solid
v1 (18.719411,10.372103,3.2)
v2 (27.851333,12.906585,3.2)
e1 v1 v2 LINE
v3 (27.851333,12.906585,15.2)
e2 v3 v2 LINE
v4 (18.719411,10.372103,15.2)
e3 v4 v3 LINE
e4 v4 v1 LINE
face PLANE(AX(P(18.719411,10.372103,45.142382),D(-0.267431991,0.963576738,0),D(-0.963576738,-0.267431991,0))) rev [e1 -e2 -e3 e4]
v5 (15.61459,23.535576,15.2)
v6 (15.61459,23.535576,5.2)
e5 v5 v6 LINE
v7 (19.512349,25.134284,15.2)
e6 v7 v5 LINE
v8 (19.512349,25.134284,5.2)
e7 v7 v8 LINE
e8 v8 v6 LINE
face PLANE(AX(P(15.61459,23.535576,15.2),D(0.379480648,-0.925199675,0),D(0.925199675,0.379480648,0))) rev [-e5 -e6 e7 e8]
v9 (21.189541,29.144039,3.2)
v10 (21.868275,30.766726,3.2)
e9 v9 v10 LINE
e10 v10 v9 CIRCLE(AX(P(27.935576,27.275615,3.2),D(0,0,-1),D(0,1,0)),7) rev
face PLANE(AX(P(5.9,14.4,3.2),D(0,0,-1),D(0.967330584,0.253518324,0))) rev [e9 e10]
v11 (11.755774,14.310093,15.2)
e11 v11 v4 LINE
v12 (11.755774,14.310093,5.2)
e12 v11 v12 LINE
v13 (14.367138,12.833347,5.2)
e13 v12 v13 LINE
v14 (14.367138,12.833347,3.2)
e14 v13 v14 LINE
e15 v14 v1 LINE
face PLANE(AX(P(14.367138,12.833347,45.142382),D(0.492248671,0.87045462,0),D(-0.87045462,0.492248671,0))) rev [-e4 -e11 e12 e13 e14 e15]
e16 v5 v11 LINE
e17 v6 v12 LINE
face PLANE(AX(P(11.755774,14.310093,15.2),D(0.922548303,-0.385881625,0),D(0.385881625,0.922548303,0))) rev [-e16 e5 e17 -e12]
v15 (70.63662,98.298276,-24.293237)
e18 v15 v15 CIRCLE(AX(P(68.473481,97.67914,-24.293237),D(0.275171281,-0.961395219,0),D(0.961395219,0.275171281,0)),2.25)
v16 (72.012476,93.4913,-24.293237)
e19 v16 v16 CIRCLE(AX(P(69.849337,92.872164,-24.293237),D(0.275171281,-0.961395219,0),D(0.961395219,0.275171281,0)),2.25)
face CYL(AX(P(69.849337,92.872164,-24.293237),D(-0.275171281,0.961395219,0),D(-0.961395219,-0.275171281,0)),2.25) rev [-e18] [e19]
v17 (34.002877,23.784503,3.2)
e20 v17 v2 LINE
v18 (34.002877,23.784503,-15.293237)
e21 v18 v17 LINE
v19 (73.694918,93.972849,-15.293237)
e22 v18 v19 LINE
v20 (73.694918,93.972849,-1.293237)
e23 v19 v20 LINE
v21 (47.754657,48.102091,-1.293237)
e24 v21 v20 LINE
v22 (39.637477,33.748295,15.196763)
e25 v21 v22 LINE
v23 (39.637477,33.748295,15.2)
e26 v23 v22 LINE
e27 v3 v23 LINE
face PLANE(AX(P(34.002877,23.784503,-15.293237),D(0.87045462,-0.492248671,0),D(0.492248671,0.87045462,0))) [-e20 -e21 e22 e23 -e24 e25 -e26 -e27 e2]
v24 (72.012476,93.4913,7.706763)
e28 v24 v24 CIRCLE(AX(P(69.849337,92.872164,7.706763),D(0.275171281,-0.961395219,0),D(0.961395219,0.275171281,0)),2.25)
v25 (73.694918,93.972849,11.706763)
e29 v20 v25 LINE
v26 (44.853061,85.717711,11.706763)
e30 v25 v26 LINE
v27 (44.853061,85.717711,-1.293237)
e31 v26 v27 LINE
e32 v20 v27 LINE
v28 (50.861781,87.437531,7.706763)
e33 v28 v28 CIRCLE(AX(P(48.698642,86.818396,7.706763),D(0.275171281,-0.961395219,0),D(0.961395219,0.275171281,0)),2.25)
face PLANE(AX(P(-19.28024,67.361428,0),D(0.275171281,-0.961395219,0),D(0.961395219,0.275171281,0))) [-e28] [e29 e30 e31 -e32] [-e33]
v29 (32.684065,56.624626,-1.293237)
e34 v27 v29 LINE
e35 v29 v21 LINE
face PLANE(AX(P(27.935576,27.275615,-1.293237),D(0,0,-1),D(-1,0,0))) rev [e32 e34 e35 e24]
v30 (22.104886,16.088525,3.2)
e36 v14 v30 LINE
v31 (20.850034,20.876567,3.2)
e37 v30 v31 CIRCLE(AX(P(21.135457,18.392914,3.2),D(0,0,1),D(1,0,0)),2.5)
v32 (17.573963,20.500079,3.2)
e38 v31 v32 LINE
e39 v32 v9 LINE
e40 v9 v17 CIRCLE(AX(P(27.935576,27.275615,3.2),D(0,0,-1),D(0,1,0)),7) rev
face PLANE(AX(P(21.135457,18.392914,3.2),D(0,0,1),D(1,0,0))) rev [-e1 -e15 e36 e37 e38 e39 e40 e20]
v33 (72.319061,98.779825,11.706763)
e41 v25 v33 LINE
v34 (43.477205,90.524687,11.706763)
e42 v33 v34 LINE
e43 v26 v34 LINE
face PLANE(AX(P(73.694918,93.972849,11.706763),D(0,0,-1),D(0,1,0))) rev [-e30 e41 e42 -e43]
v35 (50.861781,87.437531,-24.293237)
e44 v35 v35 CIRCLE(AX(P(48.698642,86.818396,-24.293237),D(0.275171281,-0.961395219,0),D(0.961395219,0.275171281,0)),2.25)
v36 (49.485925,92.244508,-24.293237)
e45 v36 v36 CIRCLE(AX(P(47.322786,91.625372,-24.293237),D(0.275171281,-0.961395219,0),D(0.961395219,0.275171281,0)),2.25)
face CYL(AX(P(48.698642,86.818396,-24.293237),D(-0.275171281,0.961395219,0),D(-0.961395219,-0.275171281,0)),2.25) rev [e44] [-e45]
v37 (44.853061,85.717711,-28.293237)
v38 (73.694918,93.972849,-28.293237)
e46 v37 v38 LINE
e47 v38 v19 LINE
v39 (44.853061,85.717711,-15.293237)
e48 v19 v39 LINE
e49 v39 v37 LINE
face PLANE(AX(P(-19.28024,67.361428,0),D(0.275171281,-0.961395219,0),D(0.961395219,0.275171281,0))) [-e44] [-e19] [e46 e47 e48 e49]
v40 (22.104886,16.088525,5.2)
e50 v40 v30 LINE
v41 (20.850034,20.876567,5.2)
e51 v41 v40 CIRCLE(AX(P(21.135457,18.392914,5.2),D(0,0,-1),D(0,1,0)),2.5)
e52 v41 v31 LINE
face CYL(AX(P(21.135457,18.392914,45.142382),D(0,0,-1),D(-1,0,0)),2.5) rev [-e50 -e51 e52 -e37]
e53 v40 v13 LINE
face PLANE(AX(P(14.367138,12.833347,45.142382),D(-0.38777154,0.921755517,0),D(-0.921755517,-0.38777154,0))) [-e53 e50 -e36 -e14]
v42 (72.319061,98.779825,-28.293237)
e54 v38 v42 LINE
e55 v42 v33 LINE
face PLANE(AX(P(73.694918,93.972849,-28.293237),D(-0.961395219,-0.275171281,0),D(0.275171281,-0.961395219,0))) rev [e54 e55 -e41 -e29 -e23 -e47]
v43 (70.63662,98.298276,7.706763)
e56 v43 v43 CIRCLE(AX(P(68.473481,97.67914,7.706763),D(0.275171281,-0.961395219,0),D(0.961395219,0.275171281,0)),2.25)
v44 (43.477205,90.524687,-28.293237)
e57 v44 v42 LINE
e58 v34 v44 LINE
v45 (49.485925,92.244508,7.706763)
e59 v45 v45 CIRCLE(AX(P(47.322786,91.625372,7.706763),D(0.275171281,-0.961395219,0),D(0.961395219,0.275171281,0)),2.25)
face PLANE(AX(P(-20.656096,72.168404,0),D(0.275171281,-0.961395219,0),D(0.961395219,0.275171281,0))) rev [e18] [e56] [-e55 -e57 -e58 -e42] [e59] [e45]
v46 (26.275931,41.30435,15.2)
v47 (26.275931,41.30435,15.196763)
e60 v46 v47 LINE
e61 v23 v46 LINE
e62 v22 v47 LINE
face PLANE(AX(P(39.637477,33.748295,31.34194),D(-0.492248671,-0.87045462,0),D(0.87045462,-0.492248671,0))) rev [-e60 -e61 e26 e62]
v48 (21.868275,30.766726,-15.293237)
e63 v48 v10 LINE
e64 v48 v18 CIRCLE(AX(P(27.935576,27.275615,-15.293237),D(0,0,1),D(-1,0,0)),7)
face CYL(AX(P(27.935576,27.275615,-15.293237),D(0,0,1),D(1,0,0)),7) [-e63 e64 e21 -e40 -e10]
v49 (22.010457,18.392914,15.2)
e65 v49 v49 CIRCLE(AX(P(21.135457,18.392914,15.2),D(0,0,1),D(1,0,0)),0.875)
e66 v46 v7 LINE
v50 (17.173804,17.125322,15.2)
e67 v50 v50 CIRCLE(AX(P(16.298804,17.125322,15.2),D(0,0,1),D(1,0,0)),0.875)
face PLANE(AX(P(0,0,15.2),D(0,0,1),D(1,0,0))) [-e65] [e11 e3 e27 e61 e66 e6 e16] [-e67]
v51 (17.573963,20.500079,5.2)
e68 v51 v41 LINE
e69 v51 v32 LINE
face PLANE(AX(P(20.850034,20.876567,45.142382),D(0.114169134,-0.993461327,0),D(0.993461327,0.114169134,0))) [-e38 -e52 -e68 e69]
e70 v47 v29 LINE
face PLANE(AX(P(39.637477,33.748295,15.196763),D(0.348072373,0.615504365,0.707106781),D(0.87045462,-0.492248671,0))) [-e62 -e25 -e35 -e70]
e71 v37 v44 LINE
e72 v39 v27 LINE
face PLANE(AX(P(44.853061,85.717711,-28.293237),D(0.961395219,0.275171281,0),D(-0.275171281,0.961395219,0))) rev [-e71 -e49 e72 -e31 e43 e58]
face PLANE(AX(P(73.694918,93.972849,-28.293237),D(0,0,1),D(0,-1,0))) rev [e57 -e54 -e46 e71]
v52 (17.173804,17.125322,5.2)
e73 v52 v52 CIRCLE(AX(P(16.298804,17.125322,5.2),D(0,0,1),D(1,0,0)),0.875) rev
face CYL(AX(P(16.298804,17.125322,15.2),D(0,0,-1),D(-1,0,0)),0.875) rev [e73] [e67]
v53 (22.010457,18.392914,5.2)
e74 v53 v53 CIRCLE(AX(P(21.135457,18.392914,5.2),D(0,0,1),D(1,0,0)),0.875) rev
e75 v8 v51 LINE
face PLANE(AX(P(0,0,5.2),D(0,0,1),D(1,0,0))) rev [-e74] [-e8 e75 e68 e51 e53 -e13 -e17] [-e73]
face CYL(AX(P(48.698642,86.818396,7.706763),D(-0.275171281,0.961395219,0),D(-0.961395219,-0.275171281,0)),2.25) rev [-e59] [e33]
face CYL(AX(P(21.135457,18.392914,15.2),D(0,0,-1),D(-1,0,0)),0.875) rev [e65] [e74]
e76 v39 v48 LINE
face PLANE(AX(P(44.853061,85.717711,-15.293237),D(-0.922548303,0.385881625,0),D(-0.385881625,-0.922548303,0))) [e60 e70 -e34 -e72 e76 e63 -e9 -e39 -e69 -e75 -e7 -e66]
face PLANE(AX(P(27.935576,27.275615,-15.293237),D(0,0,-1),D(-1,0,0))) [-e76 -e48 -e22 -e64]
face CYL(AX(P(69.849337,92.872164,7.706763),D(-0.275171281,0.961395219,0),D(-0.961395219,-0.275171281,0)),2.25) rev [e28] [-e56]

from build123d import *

# Parameters (mm, degrees)
SKETCH3_W                = 30
SKETCH3_H                = 39.99999999999999
SKETCH3_R                = 2.2500000000000107
BOSS_EXTRUDE1_DEPTH      = 5
BOSS_EXTRUDE2_DEPTH      = 7
BOSS_EXTRUDE2_DEPTH_BACK = 7
BOSS_EXTRUDE3_DEPTH      = 4.493237048
BOSS_EXTRUDE4_DEPTH      = 2
BOSS_EXTRUDE5_DEPTH      = 10
SKETCH8_R                = 0.874999999999402
SKETCH8_R_2              = 0.8749999999993996
CUT_EXTRUDE1_DEPTH       = 128.20148900625736
CHAMFER1_SIZE            = 16.49


with BuildPart() as part:
    # Sketch3 → Boss-Extrude1 (new body)
    with BuildSketch(Plane(origin=(-20.656096268089573, 72.16840410421906, 1.396e-13), x_dir=(0.9613952185534441, 0.2751712807372447, 0), z_dir=(0.2751712807372447, -0.9613952185534441, -1.905836610257915e-15))):
        with Locations((81.70857094012555, -8.293237047851846)):
            Rectangle(SKETCH3_W, SKETCH3_H)
        with Locations((92.70857094012555, 7.706762952148144)):
            Circle(SKETCH3_R, mode=Mode.SUBTRACT)
        with Locations((70.70857094012555, 7.706762952148144)):
            Circle(SKETCH3_R, mode=Mode.SUBTRACT)
        with Locations((92.70857094012555, -24.293237047851843)):
            Circle(SKETCH3_R, mode=Mode.SUBTRACT)
        with Locations((70.70857094012555, -24.293237047851843)):
            Circle(SKETCH3_R, mode=Mode.SUBTRACT)
    extrude(amount=BOSS_EXTRUDE1_DEPTH)

    # Sketch4 → Boss-Extrude2 (add, two sides: drawn at the far end of the back side and taken through both)
    with BuildSketch(Plane.XY.offset(-8.293237047851855).offset(-BOSS_EXTRUDE2_DEPTH_BACK)):
        with BuildLine():
            Line((73.69491783056992, 93.97284933531479), (44.8530612739666, 85.71771091319745))
            Line((44.8530612739666, 85.71771091319745), (21.868275221764016, 30.766725890030358))
            ThreePointArc((21.868275221764016, 30.766725890030358), (24.444464826602115, 21.20831351558636), (34.00287720104611, 23.78450312042446))
            Line((34.00287720104611, 23.78450312042446), (73.69491783056992, 93.97284933531479))
        make_face()
    extrude(amount=BOSS_EXTRUDE2_DEPTH + BOSS_EXTRUDE2_DEPTH_BACK)

    # Sketch5 → Boss-Extrude3 (add)
    with BuildSketch(Plane.XY.offset(-1.2932370478518544)):
        with BuildLine():
            Line((34.00287720104611, 23.78450312042448), (39.63747674144046, 33.74829477867678))
            Line((39.63747674144046, 33.74829477867678), (26.275931115955906, 41.30434988526449))
            Line((26.275931115955906, 41.30434988526449), (21.868275221764016, 30.766725890030376))
            ThreePointArc((21.868275221764016, 30.766725890030376), (24.444464826602115, 21.20831351558638), (34.00287720104611, 23.78450312042448))
        make_face()
    extrude(amount=BOSS_EXTRUDE3_DEPTH)

    # Sketch6 → Boss-Extrude4 (add)
    with BuildSketch(Plane.XY.offset(3.199999999999975)):
        with BuildLine():
            Line((14.367137951998398, 12.833346791724153), (22.10488555177782, 16.08852481695844))
            ThreePointArc((22.10488555177782, 16.08852481695844), (23.553783162359977, 19.026709419920138), (20.85003386751253, 20.876566927309664))
            Line((20.85003386751253, 20.876566927309664), (17.573963093227494, 20.50007903397223))
            Line((17.573963093227494, 20.50007903397223), (26.275931115955906, 41.30434988526449))
            Line((26.275931115955906, 41.30434988526449), (39.63747674144046, 33.74829477867678))
            Line((39.63747674144046, 33.74829477867678), (27.851332502459574, 12.906585477167601))
            Line((27.851332502459574, 12.906585477167601), (18.71941105293458, 10.372103436249658))
            Line((18.71941105293458, 10.372103436249658), (14.367137951998398, 12.833346791724153))
        make_face()
    extrude(amount=BOSS_EXTRUDE4_DEPTH)

    # Sketch9 → Boss-Extrude5 (add)
    with BuildSketch(Plane.XY.offset(5.199999999999974)):
        Polygon((19.512348726132714, 25.134283574349986), (26.275931115955906, 41.30434988526451), (39.637476741440466, 33.74829477867679), (27.851332502459464, 12.906585477167425), (18.719411052934504, 10.37210343624943), (14.367137951998316, 12.833346791723917), (11.755774091436686, 14.310092805008848), (15.614590337202541, 23.53557583742582), align=None)
    extrude(amount=BOSS_EXTRUDE5_DEPTH)

    # Sketch8 → Cut-Extrude1 (cut, through all)
    with BuildSketch(Plane.XY.offset(3.199999999999975)):
        with Locations((21.135456701762944, 18.39291360897205)):
            Circle(SKETCH8_R)
        with Locations((16.298803780568512, 17.12532198707588)):
            Circle(SKETCH8_R_2)
    extrude(amount=CUT_EXTRUDE1_DEPTH, mode=Mode.SUBTRACT)

    # Chamfer1
    chamfer1_edges = [part.edges().sort_by_distance(p)[0] for p in [
        (32.95670392869818, 37.52632233197063, -1.2932370478518544),
    ]]
    chamfer(chamfer1_edges, length=CHAMFER1_SIZE)


solid = part.part
